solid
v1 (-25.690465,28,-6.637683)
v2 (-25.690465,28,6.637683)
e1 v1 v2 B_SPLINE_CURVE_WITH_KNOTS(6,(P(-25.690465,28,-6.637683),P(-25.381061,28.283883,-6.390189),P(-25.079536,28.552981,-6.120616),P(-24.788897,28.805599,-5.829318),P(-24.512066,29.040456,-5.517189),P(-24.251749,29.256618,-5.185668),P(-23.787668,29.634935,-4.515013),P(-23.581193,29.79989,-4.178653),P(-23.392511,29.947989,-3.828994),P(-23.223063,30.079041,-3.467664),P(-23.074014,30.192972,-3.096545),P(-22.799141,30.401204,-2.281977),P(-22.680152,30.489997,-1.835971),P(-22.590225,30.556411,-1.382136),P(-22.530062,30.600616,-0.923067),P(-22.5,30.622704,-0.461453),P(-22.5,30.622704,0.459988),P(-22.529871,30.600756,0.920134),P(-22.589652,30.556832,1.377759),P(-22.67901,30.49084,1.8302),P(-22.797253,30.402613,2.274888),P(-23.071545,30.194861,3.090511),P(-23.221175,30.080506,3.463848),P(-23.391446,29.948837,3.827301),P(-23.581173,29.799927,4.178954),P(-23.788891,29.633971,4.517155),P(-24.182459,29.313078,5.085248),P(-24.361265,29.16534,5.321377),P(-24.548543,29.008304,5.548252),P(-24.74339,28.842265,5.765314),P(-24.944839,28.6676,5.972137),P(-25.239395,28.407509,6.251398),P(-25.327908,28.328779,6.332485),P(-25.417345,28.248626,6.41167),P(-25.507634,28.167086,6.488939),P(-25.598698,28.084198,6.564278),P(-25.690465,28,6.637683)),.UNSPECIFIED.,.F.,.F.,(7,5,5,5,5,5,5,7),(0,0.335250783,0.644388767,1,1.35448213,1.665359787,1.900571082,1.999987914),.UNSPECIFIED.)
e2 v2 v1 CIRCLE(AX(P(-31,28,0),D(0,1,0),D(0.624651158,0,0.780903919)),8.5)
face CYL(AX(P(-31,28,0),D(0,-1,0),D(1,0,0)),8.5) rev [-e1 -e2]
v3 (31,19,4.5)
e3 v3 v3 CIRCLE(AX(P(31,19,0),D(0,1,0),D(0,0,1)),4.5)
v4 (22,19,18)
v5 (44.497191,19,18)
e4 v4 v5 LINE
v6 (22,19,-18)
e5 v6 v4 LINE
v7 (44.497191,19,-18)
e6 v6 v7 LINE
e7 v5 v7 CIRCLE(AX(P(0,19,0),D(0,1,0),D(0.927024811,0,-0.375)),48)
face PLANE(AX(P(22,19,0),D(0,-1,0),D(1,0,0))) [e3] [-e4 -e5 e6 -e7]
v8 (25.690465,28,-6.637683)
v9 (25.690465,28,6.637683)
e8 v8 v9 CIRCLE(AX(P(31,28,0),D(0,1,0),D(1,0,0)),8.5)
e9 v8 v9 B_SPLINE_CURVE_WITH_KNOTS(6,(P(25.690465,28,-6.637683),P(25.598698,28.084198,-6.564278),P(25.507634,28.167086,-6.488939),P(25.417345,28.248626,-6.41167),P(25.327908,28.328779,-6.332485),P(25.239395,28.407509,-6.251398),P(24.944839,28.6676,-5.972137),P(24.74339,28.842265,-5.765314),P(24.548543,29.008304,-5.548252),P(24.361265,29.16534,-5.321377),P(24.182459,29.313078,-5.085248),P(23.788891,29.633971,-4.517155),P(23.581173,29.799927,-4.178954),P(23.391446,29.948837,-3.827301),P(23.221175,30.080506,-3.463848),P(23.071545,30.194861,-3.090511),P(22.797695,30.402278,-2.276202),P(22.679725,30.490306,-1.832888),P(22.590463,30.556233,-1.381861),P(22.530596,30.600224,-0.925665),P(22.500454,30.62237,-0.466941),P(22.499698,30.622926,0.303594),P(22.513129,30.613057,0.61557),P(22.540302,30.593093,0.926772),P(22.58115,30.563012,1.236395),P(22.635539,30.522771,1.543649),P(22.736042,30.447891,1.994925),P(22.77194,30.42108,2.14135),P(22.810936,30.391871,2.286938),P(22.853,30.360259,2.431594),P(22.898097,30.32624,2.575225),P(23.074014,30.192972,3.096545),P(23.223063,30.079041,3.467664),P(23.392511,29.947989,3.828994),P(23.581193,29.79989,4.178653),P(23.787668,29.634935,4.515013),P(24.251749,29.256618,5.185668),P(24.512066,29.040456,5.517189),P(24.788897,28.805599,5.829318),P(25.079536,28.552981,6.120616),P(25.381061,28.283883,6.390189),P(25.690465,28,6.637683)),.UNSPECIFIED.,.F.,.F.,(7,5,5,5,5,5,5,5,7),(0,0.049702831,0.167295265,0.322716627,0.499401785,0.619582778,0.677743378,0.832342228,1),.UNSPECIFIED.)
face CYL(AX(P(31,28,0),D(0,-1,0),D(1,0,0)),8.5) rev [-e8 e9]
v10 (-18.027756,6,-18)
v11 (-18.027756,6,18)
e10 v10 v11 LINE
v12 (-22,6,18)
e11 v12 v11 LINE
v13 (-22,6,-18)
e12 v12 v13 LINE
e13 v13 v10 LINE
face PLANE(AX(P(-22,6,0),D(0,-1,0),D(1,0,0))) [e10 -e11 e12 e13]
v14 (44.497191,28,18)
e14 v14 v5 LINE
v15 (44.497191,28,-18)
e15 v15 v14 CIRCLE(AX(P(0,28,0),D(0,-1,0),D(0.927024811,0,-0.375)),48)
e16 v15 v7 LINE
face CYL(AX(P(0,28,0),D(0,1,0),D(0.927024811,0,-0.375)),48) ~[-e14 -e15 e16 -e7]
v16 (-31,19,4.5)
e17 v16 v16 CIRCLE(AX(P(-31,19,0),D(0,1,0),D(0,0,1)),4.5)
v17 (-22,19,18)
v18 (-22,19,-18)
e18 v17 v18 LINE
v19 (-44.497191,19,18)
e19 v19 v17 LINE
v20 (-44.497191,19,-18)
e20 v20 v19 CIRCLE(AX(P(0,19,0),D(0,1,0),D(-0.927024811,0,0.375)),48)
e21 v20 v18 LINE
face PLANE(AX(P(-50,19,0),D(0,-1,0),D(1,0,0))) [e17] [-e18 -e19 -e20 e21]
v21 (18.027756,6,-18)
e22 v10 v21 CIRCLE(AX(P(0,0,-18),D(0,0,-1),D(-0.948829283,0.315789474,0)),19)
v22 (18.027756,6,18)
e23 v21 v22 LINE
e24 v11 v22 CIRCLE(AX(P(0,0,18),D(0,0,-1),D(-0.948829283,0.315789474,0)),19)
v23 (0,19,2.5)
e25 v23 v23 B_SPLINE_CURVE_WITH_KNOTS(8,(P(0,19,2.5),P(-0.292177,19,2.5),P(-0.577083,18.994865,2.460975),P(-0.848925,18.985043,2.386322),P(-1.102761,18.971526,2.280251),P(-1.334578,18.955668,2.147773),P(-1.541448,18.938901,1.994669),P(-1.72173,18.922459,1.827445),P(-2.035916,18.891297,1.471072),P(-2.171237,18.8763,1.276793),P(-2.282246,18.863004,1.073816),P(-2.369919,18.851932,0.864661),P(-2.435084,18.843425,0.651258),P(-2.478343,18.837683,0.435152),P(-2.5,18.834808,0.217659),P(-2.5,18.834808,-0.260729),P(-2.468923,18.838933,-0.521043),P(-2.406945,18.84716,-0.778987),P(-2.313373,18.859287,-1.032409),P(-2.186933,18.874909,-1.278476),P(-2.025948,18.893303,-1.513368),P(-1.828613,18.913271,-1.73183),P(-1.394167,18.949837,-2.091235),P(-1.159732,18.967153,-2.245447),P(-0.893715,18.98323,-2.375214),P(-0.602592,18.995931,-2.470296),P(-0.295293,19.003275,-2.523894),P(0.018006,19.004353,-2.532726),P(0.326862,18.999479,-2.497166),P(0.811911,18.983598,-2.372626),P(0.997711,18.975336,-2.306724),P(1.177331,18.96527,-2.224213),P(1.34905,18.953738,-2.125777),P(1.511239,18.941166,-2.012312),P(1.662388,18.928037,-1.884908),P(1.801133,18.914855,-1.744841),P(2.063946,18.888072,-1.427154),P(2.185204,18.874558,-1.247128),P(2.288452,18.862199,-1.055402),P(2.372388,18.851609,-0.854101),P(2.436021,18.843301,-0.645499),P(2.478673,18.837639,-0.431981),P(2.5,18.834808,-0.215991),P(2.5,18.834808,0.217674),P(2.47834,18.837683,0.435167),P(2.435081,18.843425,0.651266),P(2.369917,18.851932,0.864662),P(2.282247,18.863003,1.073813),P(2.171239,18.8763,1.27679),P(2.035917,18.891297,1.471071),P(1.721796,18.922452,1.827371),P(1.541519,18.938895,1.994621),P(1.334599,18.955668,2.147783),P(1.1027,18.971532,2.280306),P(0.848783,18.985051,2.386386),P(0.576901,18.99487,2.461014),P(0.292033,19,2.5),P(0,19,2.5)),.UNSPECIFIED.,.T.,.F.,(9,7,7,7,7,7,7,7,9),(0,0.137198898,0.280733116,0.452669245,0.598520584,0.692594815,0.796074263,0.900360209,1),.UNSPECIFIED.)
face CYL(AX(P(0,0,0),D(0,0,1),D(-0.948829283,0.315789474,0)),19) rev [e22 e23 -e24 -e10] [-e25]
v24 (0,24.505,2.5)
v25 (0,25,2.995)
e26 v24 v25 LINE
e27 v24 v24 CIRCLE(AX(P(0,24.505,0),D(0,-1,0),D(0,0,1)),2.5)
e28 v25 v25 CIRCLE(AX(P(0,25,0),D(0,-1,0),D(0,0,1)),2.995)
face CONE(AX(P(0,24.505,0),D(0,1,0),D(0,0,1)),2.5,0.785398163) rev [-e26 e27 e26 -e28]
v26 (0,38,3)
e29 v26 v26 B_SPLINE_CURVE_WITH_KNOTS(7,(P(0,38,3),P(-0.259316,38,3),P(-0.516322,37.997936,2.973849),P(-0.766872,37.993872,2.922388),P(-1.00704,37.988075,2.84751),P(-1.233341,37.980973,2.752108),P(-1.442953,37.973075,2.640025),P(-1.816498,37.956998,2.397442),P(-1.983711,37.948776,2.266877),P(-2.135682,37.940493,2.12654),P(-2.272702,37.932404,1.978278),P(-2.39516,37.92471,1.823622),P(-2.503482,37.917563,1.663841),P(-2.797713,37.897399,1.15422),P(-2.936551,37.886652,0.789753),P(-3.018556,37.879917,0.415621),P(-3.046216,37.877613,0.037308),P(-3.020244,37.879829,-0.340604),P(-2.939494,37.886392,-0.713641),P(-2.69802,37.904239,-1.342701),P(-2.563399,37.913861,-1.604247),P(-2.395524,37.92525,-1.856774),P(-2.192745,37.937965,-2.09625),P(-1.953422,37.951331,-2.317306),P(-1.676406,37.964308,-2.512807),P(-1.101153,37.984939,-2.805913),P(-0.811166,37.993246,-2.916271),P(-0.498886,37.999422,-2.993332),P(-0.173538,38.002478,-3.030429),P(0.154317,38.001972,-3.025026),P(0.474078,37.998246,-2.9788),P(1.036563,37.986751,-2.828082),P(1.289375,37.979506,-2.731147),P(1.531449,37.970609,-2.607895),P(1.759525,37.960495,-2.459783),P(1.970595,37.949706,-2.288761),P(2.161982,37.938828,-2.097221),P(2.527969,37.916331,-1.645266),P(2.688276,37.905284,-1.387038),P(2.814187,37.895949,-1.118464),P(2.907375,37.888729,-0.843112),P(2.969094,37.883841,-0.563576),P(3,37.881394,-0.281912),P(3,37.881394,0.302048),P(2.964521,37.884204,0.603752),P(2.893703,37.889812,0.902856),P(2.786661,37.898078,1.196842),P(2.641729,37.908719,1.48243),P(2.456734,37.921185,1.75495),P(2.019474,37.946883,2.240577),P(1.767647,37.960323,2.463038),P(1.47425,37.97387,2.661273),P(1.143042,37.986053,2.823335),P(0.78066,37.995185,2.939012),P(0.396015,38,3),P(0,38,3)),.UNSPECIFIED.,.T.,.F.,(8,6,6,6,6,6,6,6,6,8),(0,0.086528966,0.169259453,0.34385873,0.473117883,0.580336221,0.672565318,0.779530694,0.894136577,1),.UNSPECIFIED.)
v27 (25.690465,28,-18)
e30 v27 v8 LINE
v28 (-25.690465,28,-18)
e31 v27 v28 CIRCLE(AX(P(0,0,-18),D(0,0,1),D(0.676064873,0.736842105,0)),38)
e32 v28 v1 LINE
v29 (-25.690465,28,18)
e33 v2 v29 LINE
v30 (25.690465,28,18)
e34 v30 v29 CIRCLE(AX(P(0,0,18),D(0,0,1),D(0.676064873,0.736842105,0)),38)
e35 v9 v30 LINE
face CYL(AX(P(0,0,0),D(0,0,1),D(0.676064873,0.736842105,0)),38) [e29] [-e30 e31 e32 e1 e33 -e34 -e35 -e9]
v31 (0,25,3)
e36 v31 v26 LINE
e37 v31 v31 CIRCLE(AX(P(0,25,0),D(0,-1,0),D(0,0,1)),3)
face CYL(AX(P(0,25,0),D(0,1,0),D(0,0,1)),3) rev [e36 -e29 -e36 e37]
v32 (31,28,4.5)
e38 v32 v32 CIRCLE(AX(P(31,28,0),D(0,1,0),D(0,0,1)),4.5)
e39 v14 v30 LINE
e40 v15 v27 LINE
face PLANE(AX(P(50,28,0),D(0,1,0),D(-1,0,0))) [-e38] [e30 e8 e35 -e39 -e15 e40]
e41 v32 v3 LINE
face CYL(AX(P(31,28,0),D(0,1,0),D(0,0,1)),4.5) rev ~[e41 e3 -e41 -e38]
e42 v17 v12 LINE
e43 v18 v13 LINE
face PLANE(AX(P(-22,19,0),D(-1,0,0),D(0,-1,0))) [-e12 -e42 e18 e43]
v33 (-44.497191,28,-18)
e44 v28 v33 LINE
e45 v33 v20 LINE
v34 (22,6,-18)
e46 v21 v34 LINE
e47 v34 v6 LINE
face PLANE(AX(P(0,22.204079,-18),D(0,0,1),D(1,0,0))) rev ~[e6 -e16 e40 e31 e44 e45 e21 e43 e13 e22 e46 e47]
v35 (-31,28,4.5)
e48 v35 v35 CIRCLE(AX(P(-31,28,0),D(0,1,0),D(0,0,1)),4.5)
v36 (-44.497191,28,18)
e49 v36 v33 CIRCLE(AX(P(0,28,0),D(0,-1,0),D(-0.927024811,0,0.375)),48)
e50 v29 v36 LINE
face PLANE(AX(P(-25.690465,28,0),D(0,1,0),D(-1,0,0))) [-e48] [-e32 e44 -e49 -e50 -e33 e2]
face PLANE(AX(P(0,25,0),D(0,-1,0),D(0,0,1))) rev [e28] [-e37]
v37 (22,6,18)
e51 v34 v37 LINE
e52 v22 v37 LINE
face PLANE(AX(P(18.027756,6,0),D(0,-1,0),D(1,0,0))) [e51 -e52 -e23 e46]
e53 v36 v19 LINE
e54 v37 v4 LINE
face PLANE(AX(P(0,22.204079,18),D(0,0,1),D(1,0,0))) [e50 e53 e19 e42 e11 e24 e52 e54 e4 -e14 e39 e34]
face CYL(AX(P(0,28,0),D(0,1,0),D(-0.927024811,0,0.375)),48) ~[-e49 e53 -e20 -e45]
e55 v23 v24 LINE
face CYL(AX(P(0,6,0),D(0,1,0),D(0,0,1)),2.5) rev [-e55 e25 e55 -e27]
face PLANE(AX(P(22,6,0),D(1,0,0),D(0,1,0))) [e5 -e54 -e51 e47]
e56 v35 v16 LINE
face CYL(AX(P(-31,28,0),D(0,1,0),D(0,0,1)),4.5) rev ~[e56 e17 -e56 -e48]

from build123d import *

# Parameters (mm, degrees)
BOSS_EXTRUDE1_DEPTH = 18
SKETCH2_R           = 4.5
CUT_EXTRUDE1_DEPTH  = 23
SKETCH4_R           = 8.5
CUT_EXTRUDE2_DEPTH  = 11
CUT_EXTRUDE3_DEPTH  = 23
SKETCH6_R           = 8.5
CUT_EXTRUDE4_DEPTH  = 11.0000001


with BuildPart() as part:
    # Sketch1 → Boss-Extrude1 (new body, symmetric)
    with BuildSketch(Plane.XY):
        with BuildLine():
            Line((-22, 6), (-18.027756377, 6))
            ThreePointArc((-18.027756377, 6), (0, 19), (18.027756377, 6))
            Line((18.027756377, 6), (22, 6))
            Line((22, 6), (22, 19))
            Line((22, 19), (50, 19))
            Line((50, 19), (50, 28))
            Line((50, 28), (25.690465157, 28))
            ThreePointArc((25.690465157, 28), (0, 38), (-25.690465157, 28))
            Line((-25.690465157, 28), (-50, 28))
            Line((-50, 28), (-50, 19))
            Line((-50, 19), (-22, 19))
            Line((-22, 19), (-22, 6))
        make_face()
    extrude(amount=BOSS_EXTRUDE1_DEPTH, both=True)

    # Sketch2 → Cut-Extrude1 (cut, through all)
    with BuildSketch(Plane(origin=(0, 28, 0), x_dir=(1, 0, 0), z_dir=(0, 1, 0))):
        with Locations(Location((-31, 0, 0), (0, 0, 270))):  # turned: the seam where the file's is
            Circle(SKETCH2_R)
        with Locations(Location((31, 0, 0), (0, 0, 270))):  # turned: the seam where the file's is
            Circle(SKETCH2_R)
    extrude(amount=-CUT_EXTRUDE1_DEPTH, mode=Mode.SUBTRACT)

    # Sketch4 → Cut-Extrude2 (cut, through all)
    with BuildSketch(Plane(origin=(0, 28, 0), x_dir=(1, 0, 0), z_dir=(0, 1, 0))):
        with Locations((-31, 0)):
            Circle(SKETCH4_R)
    extrude(amount=CUT_EXTRUDE2_DEPTH, mode=Mode.SUBTRACT)

    # Sketch5 → Cut-Extrude3 (cut, through all)
    with BuildSketch(Plane(origin=(0, 28, 0), x_dir=(1, 0, 0), z_dir=(0, 1, 0))):
        with BuildLine():
            Line((-44.497190923, 18), (-50, 18))
            Line((-50, 18), (-50, -18))
            Line((-50, -18), (-44.497190923, -18))
            ThreePointArc((-44.497190923, -18), (-48, 0), (-44.497190923, 18))
        make_face()
        with BuildLine():
            Line((50, 18), (44.497190923, 18))
            ThreePointArc((44.497190923, 18), (48, 0), (44.497190923, -18))
            Line((44.497190923, -18), (50, -18))
            Line((50, -18), (50, 18))
        make_face()
    extrude(amount=-CUT_EXTRUDE3_DEPTH, mode=Mode.SUBTRACT)

    # Sketch6 → Cut-Extrude4 (cut, through all)
    with BuildSketch(Plane(origin=(0, 28, 0), x_dir=(1, 0, 0), z_dir=(0, 1, 0))):
        with Locations((31, 0)):
            Circle(SKETCH6_R)
    extrude(amount=CUT_EXTRUDE4_DEPTH, mode=Mode.SUBTRACT)

    # Sketch8 → CBORE for M5 Hex Head Bolt1 (revolve, cut)
    with BuildSketch(Plane(origin=(0, 38, 0), x_dir=(0, 0, 1), z_dir=(1, 0, 0))):
        Polygon((0, 0), (0, 32), (2.5, 32), (2.5, 13.495), (2.995, 13), (3, 13), (3, 0), align=None)
    revolve(axis=Axis((0, 44.35, 0), (0, -1, 0)), mode=Mode.SUBTRACT)


solid = part.part
